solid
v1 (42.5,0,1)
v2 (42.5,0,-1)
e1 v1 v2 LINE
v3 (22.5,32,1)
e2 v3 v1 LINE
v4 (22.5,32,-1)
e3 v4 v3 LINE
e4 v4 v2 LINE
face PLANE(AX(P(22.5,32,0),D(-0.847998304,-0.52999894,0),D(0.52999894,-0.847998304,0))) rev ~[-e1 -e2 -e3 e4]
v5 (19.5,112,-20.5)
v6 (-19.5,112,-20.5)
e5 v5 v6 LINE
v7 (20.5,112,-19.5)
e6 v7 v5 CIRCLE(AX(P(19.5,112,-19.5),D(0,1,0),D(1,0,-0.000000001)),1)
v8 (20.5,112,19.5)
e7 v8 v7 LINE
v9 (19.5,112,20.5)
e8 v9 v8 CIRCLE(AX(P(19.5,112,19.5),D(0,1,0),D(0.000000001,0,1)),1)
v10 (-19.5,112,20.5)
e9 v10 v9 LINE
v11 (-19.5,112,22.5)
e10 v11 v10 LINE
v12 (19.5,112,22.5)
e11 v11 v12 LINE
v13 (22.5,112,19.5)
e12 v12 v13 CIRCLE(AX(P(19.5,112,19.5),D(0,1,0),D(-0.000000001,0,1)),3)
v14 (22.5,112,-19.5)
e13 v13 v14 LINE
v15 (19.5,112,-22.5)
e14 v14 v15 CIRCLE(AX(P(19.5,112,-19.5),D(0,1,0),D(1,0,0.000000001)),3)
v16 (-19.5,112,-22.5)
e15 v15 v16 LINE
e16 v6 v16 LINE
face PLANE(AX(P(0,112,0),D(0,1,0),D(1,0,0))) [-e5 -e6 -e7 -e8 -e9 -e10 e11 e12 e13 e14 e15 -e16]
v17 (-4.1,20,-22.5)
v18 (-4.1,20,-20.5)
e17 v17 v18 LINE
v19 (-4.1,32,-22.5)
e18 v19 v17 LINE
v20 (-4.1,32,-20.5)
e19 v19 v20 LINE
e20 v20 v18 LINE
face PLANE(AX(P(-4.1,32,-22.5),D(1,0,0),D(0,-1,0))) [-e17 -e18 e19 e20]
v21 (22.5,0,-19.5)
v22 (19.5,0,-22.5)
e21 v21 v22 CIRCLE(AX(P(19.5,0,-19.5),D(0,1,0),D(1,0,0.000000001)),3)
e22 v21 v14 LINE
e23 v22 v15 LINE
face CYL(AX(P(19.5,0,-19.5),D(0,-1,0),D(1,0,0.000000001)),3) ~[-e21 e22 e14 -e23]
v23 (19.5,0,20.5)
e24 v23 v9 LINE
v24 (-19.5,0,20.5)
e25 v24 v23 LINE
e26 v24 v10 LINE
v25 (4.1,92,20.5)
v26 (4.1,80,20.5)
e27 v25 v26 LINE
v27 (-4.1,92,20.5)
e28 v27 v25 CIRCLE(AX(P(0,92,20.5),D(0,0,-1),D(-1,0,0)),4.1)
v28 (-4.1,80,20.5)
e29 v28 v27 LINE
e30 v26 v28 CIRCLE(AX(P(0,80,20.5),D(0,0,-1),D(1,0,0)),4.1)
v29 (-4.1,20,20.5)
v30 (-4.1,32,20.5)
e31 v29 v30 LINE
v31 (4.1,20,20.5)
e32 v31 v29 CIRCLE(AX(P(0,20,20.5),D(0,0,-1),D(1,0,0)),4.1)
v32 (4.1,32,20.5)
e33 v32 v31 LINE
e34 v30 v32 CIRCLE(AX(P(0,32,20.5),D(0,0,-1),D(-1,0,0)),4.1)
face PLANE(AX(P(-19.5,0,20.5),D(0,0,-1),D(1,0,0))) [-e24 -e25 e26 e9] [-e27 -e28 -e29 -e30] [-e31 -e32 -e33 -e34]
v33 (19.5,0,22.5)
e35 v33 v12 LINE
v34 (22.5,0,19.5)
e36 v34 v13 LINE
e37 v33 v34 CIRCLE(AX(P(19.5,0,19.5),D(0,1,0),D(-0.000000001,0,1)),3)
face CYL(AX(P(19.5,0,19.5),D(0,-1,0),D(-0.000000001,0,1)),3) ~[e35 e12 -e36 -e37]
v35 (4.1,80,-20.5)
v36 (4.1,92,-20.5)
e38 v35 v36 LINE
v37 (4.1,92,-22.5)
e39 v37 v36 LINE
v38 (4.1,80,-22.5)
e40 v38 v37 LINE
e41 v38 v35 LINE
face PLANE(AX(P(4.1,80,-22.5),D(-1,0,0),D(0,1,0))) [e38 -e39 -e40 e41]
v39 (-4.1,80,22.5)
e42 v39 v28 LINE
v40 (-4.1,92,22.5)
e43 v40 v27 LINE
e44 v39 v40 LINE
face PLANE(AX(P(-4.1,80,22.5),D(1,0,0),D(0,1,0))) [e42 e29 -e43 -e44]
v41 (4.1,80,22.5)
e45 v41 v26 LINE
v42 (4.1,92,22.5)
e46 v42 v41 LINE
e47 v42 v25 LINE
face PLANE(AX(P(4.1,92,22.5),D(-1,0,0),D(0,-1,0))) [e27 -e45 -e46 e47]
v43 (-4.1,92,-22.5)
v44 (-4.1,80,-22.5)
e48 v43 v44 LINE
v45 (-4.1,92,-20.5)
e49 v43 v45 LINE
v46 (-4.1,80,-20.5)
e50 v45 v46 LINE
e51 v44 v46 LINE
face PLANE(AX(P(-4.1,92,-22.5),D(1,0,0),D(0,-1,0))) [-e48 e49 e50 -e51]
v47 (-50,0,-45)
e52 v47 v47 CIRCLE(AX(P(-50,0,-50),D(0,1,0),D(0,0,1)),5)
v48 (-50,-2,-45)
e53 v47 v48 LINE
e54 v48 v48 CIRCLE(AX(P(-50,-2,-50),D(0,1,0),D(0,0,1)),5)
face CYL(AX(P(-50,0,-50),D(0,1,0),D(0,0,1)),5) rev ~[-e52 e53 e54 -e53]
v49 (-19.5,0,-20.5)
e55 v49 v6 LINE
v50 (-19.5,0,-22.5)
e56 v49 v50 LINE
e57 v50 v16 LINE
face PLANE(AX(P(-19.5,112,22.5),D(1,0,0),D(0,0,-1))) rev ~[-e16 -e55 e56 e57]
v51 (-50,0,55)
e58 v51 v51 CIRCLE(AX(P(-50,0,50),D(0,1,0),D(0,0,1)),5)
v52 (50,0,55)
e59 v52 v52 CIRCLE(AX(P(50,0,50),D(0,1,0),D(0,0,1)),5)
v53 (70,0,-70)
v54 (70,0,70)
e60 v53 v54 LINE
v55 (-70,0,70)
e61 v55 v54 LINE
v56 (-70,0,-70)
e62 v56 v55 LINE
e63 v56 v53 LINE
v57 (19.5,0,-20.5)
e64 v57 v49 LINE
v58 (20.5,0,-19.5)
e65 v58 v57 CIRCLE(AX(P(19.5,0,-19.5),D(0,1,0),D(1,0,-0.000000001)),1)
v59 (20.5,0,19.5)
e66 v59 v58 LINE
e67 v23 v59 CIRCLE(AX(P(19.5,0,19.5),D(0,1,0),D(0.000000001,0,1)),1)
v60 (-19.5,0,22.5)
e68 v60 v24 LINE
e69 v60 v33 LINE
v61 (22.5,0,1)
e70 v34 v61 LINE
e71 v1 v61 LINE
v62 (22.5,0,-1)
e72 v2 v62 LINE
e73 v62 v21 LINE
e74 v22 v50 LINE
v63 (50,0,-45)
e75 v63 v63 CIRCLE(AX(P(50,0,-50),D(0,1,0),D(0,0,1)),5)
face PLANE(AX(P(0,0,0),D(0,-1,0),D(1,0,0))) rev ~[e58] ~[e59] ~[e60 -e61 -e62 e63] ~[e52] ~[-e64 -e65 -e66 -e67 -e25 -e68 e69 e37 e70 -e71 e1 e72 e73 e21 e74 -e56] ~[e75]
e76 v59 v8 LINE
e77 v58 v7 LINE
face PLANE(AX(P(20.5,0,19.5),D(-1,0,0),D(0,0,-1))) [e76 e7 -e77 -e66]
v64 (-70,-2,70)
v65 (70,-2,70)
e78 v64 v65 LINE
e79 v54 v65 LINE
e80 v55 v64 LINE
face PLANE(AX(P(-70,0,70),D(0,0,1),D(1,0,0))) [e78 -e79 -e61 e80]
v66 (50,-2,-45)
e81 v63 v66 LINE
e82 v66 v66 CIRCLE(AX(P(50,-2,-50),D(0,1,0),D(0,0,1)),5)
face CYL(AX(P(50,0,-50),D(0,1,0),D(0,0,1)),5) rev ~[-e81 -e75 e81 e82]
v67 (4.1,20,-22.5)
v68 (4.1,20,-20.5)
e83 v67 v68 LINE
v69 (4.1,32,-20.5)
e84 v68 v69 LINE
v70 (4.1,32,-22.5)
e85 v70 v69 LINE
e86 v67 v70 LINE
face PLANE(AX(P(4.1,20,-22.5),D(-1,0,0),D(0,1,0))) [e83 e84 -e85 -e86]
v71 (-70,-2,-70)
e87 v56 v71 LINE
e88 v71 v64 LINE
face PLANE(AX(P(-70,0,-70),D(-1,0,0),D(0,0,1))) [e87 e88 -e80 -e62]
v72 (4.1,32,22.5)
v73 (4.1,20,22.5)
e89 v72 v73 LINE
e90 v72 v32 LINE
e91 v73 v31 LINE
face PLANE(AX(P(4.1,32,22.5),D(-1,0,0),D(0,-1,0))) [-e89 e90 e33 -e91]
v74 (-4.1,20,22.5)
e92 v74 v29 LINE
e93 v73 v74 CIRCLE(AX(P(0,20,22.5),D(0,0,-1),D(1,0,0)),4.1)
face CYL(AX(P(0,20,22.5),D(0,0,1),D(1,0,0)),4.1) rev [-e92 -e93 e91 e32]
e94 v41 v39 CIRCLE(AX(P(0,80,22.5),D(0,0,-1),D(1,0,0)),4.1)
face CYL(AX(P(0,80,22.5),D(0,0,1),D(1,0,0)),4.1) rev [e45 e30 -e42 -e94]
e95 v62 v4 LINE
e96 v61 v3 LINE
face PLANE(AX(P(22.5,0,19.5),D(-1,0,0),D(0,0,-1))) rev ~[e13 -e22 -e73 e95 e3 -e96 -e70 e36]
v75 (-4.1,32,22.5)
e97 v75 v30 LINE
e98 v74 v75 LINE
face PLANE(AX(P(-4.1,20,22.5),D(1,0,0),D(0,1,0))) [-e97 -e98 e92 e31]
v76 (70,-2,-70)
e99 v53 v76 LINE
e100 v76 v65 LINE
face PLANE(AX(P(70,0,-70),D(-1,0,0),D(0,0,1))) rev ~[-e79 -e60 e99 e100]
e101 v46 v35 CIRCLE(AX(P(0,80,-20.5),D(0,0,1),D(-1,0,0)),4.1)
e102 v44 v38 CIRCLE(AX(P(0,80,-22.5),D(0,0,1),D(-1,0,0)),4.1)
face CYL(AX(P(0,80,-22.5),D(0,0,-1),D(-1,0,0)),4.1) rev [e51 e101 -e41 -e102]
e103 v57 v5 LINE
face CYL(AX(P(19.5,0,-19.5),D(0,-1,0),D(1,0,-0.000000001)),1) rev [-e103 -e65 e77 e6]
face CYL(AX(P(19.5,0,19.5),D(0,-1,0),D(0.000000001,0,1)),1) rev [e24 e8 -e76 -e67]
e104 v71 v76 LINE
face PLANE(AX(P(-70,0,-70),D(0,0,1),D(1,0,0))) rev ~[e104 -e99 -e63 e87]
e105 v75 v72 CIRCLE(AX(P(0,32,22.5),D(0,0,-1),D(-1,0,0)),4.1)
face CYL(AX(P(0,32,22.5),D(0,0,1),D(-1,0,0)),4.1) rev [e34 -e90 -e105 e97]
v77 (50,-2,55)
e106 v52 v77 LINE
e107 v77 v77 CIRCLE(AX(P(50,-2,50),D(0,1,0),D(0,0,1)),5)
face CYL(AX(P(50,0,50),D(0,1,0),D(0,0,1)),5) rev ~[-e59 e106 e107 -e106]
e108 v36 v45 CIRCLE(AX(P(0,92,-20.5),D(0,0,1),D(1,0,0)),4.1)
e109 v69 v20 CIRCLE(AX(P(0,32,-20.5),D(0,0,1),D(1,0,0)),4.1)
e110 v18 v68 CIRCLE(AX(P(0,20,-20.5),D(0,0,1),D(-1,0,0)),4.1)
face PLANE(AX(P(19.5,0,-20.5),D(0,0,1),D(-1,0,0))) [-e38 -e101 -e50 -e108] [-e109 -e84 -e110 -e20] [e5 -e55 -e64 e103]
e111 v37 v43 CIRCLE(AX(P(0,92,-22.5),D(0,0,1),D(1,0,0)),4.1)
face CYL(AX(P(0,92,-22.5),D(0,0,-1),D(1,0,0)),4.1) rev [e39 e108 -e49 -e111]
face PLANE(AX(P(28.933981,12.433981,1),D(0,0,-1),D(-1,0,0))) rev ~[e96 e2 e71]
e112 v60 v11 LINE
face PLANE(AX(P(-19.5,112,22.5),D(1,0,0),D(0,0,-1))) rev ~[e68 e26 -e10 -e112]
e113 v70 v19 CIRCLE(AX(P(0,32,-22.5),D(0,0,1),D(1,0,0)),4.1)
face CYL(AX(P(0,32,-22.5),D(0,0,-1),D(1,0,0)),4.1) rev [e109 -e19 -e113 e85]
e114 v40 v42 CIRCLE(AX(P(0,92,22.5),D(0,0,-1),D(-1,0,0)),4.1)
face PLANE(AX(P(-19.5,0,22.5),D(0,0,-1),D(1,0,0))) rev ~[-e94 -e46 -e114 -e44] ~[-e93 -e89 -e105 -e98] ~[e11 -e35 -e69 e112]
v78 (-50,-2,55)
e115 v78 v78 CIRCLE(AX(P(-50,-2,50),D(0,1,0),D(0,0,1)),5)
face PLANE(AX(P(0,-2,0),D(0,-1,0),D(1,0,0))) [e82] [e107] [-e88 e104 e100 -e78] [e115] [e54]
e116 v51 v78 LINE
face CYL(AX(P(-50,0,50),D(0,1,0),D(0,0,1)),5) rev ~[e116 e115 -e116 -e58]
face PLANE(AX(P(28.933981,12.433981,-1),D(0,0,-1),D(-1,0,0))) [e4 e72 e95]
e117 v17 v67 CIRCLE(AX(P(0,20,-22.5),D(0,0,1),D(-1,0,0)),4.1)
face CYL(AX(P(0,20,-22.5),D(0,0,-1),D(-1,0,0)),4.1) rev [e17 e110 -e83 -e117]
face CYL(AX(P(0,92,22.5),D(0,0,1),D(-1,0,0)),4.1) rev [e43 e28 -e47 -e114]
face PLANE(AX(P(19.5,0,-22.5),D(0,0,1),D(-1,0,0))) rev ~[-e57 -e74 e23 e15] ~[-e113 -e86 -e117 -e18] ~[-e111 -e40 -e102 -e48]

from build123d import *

# Parameters (mm, degrees)
EXTRUDE_1_DEPTH          = 112
SKETCH_3_W               = 140
SKETCH_3_H               = 140
EXTRUDE_2_DEPTH          = 2
EXTRUDE_3_DEPTH          = 1
CUT_EXTRUDE_1_DEPTH      = 2
PATTERN_CIRCULAR_2_COUNT = 4
SKETCH_7_R               = 5
CUT_EXTRUDE_2_DEPTH      = 150.479095528
SKETCH_8_W               = 10.222107434
SKETCH_8_H               = 48.162502517
CUT_EXTRUDE_3_DEPTH      = 112


with BuildPart() as part:
    # 草图1 → 凸台-拉伸1 (new body)
    with BuildSketch(Plane(origin=(0, 0, 0), x_dir=(1, 0, 0), z_dir=(0, 1, 0))):
        with BuildLine():
            Line((-19.5, -22.5), (19.5, -22.5))
            ThreePointArc((19.5, -22.5), (21.621320344, -21.621320344), (22.5, -19.5))
            Line((22.5, -19.5), (22.5, 19.5))
            ThreePointArc((22.5, 19.5), (21.621320344, 21.621320344), (19.5, 22.5))
            Line((19.5, 22.5), (-19.5, 22.5))
            ThreePointArc((-19.5, 22.5), (-21.621320344, 21.621320344), (-22.5, 19.5))
            Line((-22.5, 19.5), (-22.5, -19.5))
            ThreePointArc((-22.5, -19.5), (-21.621320344, -21.621320344), (-19.5, -22.5))
        make_face()
        with BuildLine():
            Line((-19.5, -20.5), (19.5, -20.5))
            ThreePointArc((19.5, -20.5), (20.207106781, -20.207106781), (20.5, -19.5))
            Line((20.5, -19.5), (20.5, 19.5))
            ThreePointArc((20.5, 19.5), (20.207106781, 20.207106781), (19.5, 20.5))
            Line((19.5, 20.5), (-19.5, 20.5))
            ThreePointArc((-19.5, 20.5), (-20.207106781, 20.207106781), (-20.5, 19.5))
            Line((-20.5, 19.5), (-20.5, -19.5))
            ThreePointArc((-20.5, -19.5), (-20.207106781, -20.207106781), (-19.5, -20.5))
        make_face(mode=Mode.SUBTRACT)
    extrude(amount=EXTRUDE_1_DEPTH)

    # 草图3 → 凸台-拉伸2 (add)
    with BuildSketch(Plane.XZ):
        Rectangle(SKETCH_3_W, SKETCH_3_H)
    extrude(amount=EXTRUDE_2_DEPTH)

    # 草图4 → 凸台-拉伸3 (add, symmetric)
    with BuildSketch(Plane.XY):
        Polygon((22.5, 32), (42.5, 0), (22.5, 0), align=None)
    extrude(amount=EXTRUDE_3_DEPTH, both=True)

    # 草图6 → 切除-拉伸1 (cut)
    with BuildSketch(Plane.XY.offset(22.5)):
        with BuildLine():
            Line((-4.1, 80), (-4.1, 92))
            ThreePointArc((-4.1, 92), (0, 96.1), (4.1, 92))
            Line((4.1, 92), (4.1, 80))
            ThreePointArc((4.1, 80), (0, 75.9), (-4.1, 80))
        make_face()
        with BuildLine():
            Line((-4.1, 20), (-4.1, 32))
            ThreePointArc((-4.1, 32), (0, 36.1), (4.1, 32))
            Line((4.1, 32), (4.1, 20))
            ThreePointArc((4.1, 20), (0, 15.9), (-4.1, 20))
        make_face()
    cut_extrude_1 = extrude(amount=-CUT_EXTRUDE_1_DEPTH, mode=Mode.SUBTRACT)

    # 阵列(圆周)2: 切除-拉伸1 ×4 about axis, 1 skipped
    pattern_circular_2_axis = Axis((0, 0, 0), (0, 1, 0))
    add([cut_extrude_1.rotate(pattern_circular_2_axis, i * 360 / PATTERN_CIRCULAR_2_COUNT) for i in range(1, PATTERN_CIRCULAR_2_COUNT) if i not in (1,)], mode=Mode.SUBTRACT)

    # 草图7 → 切除-拉伸2 (cut, through all)
    with BuildSketch(Plane(origin=(0, 0, 0), x_dir=(1, 0, 0), z_dir=(0, 1, 0))):
        with Locations(Location((50, 50, 0), (0, 0, 270))):
            Circle(SKETCH_7_R)
        with Locations(Location((50, -50, 0), (0, 0, 270))):
            Circle(SKETCH_7_R)
        with Locations(Location((-50, -50, 0), (0, 0, 270))):
            Circle(SKETCH_7_R)
        with Locations(Location((-50, 50, 0), (0, 0, 270))):
            Circle(SKETCH_7_R)
    extrude(amount=-CUT_EXTRUDE_2_DEPTH, mode=Mode.SUBTRACT)

    # 草图8 → 切除-拉伸3 (cut)
    with BuildSketch(Plane(origin=(0, 112, 0), x_dir=(1, 0, 0), z_dir=(0, 1, 0))):
        with Locations((-24.611053717, 1.581251259)):
            Rectangle(SKETCH_8_W, SKETCH_8_H)
    extrude(amount=-CUT_EXTRUDE_3_DEPTH, mode=Mode.SUBTRACT)


solid = part.part
